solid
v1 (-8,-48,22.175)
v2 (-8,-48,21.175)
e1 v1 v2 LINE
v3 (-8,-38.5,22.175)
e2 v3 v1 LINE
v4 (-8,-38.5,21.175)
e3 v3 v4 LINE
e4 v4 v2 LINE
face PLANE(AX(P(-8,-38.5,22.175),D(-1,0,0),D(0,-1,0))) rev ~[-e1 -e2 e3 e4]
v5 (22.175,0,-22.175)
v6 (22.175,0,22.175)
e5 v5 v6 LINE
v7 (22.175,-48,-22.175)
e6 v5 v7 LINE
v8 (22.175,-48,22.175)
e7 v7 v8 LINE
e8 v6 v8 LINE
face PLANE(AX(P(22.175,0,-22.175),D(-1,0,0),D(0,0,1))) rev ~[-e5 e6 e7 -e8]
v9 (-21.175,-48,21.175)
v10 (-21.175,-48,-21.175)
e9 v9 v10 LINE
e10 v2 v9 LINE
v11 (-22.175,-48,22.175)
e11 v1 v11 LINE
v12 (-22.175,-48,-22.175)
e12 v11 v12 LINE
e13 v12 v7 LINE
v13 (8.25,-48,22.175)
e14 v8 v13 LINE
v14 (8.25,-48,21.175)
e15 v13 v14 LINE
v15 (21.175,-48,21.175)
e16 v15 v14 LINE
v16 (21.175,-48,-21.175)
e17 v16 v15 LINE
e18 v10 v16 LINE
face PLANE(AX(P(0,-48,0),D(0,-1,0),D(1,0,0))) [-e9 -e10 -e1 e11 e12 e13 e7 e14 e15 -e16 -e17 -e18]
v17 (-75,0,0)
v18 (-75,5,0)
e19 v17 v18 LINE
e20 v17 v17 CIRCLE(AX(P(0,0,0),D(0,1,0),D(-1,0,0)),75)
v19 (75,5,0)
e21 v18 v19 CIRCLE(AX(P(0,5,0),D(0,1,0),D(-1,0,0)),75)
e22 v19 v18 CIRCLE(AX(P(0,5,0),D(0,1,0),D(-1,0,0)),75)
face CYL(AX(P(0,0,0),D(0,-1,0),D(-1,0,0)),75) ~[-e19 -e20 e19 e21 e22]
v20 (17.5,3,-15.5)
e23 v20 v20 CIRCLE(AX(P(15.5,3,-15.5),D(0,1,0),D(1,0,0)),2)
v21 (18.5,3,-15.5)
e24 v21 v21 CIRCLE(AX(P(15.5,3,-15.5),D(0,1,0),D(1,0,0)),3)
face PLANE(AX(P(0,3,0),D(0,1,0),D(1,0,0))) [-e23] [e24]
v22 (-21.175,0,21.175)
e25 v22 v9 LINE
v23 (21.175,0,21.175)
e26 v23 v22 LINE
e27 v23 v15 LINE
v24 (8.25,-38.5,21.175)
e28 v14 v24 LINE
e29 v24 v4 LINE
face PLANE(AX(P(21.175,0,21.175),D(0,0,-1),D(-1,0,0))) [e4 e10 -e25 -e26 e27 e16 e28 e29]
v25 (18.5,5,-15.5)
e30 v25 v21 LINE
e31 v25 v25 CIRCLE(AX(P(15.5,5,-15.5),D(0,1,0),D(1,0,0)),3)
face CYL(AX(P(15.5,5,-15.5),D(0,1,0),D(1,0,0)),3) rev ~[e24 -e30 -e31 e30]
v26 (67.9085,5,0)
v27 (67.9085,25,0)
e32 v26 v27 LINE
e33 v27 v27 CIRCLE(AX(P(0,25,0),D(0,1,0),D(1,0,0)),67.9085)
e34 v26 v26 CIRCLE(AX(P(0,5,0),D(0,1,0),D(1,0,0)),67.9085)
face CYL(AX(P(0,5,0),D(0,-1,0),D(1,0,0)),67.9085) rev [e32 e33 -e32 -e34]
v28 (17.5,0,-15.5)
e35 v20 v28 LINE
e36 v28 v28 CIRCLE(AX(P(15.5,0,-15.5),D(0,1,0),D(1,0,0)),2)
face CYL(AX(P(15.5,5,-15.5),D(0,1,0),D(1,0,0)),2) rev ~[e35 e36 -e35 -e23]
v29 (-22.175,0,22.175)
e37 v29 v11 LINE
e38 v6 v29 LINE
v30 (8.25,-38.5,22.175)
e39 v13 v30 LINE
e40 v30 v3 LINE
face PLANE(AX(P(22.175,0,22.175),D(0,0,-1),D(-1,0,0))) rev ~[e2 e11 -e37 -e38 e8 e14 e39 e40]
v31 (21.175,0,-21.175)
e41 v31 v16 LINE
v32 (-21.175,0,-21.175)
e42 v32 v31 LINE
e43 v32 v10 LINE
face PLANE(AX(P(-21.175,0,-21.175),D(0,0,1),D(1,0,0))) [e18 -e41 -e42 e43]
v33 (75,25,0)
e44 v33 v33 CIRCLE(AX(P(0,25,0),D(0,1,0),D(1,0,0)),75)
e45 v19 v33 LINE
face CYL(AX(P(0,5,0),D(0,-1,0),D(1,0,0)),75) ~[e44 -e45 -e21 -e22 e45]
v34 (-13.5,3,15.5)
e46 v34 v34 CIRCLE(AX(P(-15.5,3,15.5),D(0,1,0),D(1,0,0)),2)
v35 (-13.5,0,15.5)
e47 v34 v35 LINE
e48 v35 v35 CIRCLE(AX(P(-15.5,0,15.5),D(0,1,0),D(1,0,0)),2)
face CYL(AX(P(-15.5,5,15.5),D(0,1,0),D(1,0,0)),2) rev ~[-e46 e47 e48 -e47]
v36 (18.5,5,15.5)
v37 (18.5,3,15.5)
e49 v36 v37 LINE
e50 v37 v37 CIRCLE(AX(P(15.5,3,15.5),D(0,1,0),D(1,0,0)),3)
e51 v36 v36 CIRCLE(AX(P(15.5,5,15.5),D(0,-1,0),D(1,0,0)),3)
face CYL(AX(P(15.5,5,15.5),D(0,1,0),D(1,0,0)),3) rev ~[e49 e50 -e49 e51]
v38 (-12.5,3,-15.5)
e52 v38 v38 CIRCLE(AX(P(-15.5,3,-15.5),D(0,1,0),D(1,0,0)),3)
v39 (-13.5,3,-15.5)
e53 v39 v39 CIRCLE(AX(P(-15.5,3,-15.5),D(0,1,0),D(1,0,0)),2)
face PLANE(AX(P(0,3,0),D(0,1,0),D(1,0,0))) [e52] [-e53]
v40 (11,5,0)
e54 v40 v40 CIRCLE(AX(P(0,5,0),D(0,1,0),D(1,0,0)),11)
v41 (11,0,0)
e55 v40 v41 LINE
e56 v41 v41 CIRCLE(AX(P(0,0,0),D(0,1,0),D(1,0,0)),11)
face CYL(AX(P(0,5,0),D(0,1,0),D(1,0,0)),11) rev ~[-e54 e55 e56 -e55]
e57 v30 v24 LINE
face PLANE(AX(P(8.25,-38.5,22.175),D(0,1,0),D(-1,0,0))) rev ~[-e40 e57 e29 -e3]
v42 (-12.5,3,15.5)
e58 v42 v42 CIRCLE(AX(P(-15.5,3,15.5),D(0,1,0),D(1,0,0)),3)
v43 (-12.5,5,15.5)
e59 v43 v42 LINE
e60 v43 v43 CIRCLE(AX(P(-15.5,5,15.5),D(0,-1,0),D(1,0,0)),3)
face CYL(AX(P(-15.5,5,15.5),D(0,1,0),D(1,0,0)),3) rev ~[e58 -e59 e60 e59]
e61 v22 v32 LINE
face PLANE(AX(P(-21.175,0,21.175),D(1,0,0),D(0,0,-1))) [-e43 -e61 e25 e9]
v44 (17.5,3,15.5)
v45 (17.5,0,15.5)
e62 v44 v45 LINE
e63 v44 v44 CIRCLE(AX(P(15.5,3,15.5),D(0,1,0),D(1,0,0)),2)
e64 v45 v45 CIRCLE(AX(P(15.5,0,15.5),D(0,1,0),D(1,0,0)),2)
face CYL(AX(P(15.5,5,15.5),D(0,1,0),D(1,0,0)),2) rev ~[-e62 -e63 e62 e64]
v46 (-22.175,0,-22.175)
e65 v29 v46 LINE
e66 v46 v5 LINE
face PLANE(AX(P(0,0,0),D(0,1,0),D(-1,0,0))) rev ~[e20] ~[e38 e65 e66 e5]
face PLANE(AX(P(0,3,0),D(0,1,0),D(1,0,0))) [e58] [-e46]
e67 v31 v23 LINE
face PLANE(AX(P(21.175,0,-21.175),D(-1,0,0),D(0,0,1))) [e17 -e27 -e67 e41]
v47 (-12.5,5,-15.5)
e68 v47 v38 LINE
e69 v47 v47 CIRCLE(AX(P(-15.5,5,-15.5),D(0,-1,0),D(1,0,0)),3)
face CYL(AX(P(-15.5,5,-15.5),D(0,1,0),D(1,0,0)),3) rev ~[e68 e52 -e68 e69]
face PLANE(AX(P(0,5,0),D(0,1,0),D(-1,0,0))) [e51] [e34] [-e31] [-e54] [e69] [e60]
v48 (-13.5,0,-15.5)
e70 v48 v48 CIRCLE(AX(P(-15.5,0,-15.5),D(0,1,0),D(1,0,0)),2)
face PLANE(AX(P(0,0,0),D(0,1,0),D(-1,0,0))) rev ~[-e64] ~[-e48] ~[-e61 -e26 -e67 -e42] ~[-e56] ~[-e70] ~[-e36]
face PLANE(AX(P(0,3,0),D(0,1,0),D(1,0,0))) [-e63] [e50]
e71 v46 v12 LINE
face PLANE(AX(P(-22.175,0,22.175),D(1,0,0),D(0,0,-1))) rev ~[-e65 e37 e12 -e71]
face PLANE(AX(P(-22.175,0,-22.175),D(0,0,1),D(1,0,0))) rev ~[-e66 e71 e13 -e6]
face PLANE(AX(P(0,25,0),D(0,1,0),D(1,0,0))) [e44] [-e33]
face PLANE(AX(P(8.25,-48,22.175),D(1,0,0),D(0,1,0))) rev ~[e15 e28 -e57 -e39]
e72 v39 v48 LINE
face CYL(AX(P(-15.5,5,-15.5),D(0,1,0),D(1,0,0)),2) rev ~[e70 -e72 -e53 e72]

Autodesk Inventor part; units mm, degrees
ref_plane "YZ Plane" through (0, 0, 0) normal (1, 0, 0) x (0, 1, 0)
ref_plane "XZ Plane" through (0, 0, 0) normal (0, 1, 0) x (-1, 0, 0)
ref_plane "XY Plane" through (0, 0, 0) normal (0, 0, 1) x (1, 0, 0)
sketch "Эскиз1" plane through (0, 0, 0) normal (0, 1, 0) x (-1, 0, 0)
  circle A0 centre (0, 0) radius 75
  dimension "d0" = 150
extrude "Выдавливание1" add sketch "Эскиз1" along normal blind 5
sketch "Эскиз2" plane through (0, 0, 0) normal (0, -1, 0) x (1, 0, 0)
  line L0 (21.175, 21.175) -> (-21.175, 21.175)
  line L1 (-21.175, 21.175) -> (-21.175, -21.175)
  line L2 (-21.175, -21.175) -> (21.175, -21.175)
  line L3 (21.175, -21.175) -> (21.175, 21.175)
  line L4 (21.175, 21.175) -> (-21.175, -21.175) construction
  line L5 (-21.175, 21.175) -> (21.175, -21.175) construction
  line L6 (22.175, 22.175) -> (-22.175, 22.175)
  line L7 (-22.175, 22.175) -> (-22.175, -22.175)
  line L8 (-22.175, -22.175) -> (22.175, -22.175)
  line L9 (22.175, -22.175) -> (22.175, 22.175)
  line L10 (22.175, 22.175) -> (-22.175, -22.175) construction
  line L11 (-22.175, 22.175) -> (22.175, -22.175) construction
  point P0 (0, 0)
  dimension "d3" = 42.35
  dimension "d4" = 42.35
  dimension "d5" = 44.35
  dimension "d6" = 44.35
extrude "Выдавливание2" add sketch "Эскиз2" along normal blind 48
sketch "Эскиз4" plane through (-22.175, 0, 22.175) normal (0, 0, 1) x (1, 0, 0)
  line L0 (0, 0) -> (0, -48)
  line L1 (22.175, -48) -> (30.425, -48)
  line L2 (30.425, -48) -> (30.425, -38.5)
  line L3 (30.425, -38.5) -> (14.175, -38.5)
  line L4 (14.175, -38.5) -> (14.175, -48)
  line L5 (22.175, -48) -> (14.175, -48)
  point P0 (22.175, 0)
  dimension "d9" = 22.175
  dimension "d10" = 8.25
  dimension "d11" = 9.5
  dimension "d12" = 16.25
extrude "Выдавливание3" cut sketch "Эскиз4" against normal blind 1
sketch "Эскиз5" plane through (0, 5, 0) normal (0, 1, 0) x (1, 0, 0)
  circle A0 centre (0, 0) radius 11
  line L0 (-15.5, -15.5) -> (15.5, -15.5)
  line L1 (15.5, -15.5) -> (15.5, 15.5)
  line L2 (15.5, 15.5) -> (-15.5, 15.5)
  line L3 (-15.5, 15.5) -> (-15.5, -15.5)
  line L4 (-15.5, -15.5) -> (15.5, 15.5) construction
  line L5 (15.5, -15.5) -> (-15.5, 15.5) construction
  circle A1 centre (15.5, 15.5) radius 2
  circle A2 centre (15.5, -15.5) radius 2
  circle A3 centre (-15.5, -15.5) radius 2
  circle A4 centre (-15.5, 15.5) radius 2
  dimension "d15" = 22
  dimension "d16" = 31
  dimension "d17" = 31
  dimension "d18" = 4
  dimension "d19" = 4
  dimension "d20" = 4
  dimension "d21" = 4
extrude "Выдавливание4" cut sketch "Эскиз5" against normal blind 5 contours A0 | L3 A3 L0 | L0 A3 L3 | A2 L1 L0 | L0 L1 A2 | A4 L2 L3 | L3 L2 A4 | A1 L2 L1 | L1 L2 A1
sketch "Эскиз6" plane through (0, 5, 0) normal (0, 1, 0) x (1, 0, 0)
  circle A0 centre (15.5, 15.5) radius 2 projected
  line L0 (-15.5, -15.5) -> (15.5, -15.5)
  line L1 (15.5, -15.5) -> (15.5, 15.5)
  line L2 (15.5, 15.5) -> (-15.5, 15.5)
  line L3 (-15.5, 15.5) -> (-15.5, -15.5)
  line L4 (-15.5, -15.5) -> (15.5, 15.5) construction
  line L5 (15.5, -15.5) -> (-15.5, 15.5) construction
  circle A1 centre (15.5, 15.5) radius 3
  circle A2 centre (15.5, -15.5) radius 3
  circle A3 centre (-15.5, -15.5) radius 2 projected
  circle A4 centre (-15.5, -15.5) radius 3
  circle A5 centre (-15.5, 15.5) radius 2 projected
  circle A6 centre (-15.5, 15.5) radius 3
  point P0 (0, 0)
  dimension "d24" = 6
  dimension "d25" = 6
  dimension "d26" = 6
  dimension "d27" = 6
extrude "Выдавливание5" cut sketch "Эскиз6" against normal blind 2 contours A0 L1 L2 | A0 L2 A1 L1 | L2 L1 A0 | A0 L1 A1 L2 | A6 L3 A5 L2 | L2 A5 L3 A6 | A2 L0 L1 | L1 L0 A2 | A5 L3 L2 | L2 L3 A5 | A4 L0 A3 L3 | L3 A3 L0 A4 | A3 L0 L3 | L3 L0 A3
sketch "Эскиз7" plane through (0, 5, 0) normal (0, 1, 0) x (1, 0, 0)
  circle A0 centre (0, 0) radius 67.9085
  circle A1 centre (0, 0) radius 75
  dimension "d30" = 135.817
  dimension "d31" = 150
extrude "Выдавливание6" add sketch "Эскиз7" along normal blind 20
properties part number "Основание"
